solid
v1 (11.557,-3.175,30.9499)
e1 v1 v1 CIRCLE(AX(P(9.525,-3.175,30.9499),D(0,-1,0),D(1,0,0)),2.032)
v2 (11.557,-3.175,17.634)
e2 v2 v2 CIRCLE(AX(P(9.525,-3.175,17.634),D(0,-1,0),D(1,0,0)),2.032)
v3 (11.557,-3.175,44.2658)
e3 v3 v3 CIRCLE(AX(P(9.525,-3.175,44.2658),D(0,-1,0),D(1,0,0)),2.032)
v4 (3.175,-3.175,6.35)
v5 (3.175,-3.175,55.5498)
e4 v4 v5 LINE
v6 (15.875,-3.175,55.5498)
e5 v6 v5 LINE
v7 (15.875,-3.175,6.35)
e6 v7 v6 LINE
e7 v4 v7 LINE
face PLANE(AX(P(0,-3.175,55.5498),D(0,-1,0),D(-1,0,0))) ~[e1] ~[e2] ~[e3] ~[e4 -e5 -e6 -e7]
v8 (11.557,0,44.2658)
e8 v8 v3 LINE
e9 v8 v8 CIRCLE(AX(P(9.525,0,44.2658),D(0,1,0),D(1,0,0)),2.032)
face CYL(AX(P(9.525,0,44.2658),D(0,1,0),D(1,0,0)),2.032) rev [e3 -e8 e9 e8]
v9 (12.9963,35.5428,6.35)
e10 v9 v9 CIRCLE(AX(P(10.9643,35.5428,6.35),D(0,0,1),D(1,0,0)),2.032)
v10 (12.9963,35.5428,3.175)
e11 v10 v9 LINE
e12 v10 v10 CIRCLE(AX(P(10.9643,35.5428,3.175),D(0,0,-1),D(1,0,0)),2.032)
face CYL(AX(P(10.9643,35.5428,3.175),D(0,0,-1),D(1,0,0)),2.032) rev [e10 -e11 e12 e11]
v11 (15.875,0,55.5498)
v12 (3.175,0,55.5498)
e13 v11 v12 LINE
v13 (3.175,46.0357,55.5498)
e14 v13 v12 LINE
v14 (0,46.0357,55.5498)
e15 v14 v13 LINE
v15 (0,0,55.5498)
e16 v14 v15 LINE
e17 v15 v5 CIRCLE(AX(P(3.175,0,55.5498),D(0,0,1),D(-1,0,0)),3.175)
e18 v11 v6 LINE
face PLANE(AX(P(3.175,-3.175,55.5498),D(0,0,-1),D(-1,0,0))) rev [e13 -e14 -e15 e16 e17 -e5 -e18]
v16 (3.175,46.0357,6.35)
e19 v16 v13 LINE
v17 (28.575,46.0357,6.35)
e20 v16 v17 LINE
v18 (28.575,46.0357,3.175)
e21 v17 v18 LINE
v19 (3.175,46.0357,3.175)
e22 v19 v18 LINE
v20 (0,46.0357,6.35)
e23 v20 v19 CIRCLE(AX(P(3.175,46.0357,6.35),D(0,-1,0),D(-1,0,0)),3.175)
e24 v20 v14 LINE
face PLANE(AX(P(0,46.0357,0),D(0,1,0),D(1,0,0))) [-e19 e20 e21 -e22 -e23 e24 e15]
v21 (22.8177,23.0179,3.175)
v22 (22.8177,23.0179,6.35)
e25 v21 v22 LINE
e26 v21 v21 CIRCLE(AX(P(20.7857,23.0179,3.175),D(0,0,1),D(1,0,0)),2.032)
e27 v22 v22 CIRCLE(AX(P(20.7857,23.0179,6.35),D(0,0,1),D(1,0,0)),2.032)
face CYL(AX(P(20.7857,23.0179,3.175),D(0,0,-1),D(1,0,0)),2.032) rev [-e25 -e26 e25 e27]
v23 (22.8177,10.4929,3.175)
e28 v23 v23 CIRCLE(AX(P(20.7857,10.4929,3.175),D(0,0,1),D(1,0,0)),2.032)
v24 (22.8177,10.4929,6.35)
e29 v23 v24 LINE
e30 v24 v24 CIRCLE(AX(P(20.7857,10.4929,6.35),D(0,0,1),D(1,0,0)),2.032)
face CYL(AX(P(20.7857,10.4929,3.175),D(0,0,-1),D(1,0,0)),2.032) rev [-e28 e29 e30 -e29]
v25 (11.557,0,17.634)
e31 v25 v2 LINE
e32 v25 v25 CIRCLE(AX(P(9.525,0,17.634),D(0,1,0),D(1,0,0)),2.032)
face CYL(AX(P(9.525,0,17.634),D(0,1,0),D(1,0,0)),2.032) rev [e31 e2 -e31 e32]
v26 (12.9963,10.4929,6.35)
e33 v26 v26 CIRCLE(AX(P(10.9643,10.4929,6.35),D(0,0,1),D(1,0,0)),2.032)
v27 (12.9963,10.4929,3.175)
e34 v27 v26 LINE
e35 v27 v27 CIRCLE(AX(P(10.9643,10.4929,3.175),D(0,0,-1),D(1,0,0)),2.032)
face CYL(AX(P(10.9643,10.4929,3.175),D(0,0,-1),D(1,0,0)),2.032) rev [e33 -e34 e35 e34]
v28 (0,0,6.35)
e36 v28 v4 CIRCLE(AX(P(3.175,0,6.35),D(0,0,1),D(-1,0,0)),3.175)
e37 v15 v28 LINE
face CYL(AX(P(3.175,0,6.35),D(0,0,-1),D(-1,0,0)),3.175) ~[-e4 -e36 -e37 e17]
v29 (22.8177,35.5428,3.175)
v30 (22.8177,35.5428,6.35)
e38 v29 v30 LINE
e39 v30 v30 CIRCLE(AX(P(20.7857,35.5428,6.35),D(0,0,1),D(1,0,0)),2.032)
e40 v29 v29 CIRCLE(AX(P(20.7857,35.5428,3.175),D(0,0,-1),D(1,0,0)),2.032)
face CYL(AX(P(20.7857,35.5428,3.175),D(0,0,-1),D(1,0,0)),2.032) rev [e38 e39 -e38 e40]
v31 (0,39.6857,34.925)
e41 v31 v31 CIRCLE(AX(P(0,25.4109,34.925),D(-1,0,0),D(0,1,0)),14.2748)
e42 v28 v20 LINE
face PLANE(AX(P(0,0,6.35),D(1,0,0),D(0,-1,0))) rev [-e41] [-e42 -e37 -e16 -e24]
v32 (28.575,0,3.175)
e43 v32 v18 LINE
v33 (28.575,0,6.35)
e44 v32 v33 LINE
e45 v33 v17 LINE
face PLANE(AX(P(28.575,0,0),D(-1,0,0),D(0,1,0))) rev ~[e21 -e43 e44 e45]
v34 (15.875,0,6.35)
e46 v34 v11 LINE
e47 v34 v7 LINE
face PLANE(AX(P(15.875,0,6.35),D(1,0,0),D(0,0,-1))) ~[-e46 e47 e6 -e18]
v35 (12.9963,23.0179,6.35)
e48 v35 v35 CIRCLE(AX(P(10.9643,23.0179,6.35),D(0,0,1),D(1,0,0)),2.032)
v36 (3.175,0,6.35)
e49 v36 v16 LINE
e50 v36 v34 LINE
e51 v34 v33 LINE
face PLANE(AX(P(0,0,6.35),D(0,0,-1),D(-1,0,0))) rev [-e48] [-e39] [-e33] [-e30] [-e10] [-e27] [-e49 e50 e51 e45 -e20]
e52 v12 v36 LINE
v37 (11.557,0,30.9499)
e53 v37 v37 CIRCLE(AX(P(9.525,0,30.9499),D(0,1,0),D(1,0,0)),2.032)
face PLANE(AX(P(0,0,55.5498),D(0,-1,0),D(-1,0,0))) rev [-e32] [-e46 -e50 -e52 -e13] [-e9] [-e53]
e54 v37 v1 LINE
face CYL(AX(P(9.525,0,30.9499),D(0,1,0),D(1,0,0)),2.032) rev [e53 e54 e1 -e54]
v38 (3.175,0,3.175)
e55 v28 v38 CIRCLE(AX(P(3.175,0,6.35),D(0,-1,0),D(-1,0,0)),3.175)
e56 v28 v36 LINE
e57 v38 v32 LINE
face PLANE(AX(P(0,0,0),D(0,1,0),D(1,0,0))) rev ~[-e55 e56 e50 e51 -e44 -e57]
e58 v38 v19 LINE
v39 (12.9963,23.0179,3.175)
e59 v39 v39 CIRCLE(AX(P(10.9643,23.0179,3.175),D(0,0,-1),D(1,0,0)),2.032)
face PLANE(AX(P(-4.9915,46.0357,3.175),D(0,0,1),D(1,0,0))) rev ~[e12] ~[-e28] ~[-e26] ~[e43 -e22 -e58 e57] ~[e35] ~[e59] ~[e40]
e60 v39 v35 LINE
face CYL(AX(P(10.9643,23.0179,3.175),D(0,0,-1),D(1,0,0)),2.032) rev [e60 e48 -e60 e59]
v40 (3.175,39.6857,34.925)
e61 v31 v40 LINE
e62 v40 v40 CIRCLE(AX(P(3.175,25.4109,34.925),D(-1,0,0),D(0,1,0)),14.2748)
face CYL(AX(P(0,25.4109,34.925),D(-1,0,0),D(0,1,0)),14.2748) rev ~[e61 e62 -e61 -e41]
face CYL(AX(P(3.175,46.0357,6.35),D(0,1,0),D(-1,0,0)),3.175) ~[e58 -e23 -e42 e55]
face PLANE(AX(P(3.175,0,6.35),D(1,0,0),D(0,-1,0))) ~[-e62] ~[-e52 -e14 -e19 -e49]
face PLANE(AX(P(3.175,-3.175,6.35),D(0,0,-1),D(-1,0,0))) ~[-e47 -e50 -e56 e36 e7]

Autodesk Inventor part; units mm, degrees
ref_plane "YZ Plane" through (0, 0, 0) normal (1, 0, 0) x (0, 1, 0)
ref_plane "XZ Plane" through (0, 0, 0) normal (0, 1, 0) x (-1, 0, 0)
ref_plane "XY Plane" through (0, 0, 0) normal (0, 0, 1) x (1, 0, 0)
sketch "Sketch1" plane through (0, 0, 0) normal (1, 0, 0) x (0, 1, 0)
  line L0 (0, 0) -> (46.0357, 0)
  line L1 (46.0357, 0) -> (46.0357, -49.1998)
  line L2 (46.0357, -49.1998) -> (0, -49.1998)
  line L3 (0, -49.1998) -> (0, 0)
  circle A0 centre (25.4109, -28.575) radius 14.2748
  point P0 (39.6857, -28.575)
  point P1 (25.4109, -42.8498)
  dimension "d0" = 25.4109
  dimension "d1" = 28.5496
  dimension "d2" = 6.35
  dimension "d3" = 6.35
  dimension "d4" = 28.575
extrude "Extrusion1" add sketch "Sketch1" along normal blind 3.175
sketch "Sketch2" plane through (0, 0, -49.1998) normal (0, -1, 0) x (1, 0, 0)
  line L0 (3.175, 49.1998) -> (3.175, 0) projected
  line L1 (3.175, 49.1998) -> (15.875, 49.1998)
  line L2 (15.875, 49.1998) -> (15.875, 0)
  line L3 (15.875, 0) -> (3.175, 0)
  line L4 (3.175, 0) -> (3.175, 49.1998)
  point P0 (0, 49.1998)
  dimension "d7" = 12.7
extrude "Extrusion2" add sketch "Sketch2" along normal blind 3.175
sketch "Sketch3" plane through (0, 0, 0) normal (0, 0, 1) x (1, 0, 0)
  line L0 (3.175, 0) -> (3.175, 46.0357) projected
  line L1 (3.175, 0) -> (28.575, 0)
  line L2 (28.575, 0) -> (28.575, 49.2107)
  line L3 (28.575, 49.2107) -> (3.175, 49.2107)
  line L4 (3.175, 49.2107) -> (3.175, 0)
  point P0 (0, 0)
  dimension "d10" = 25.4
extrude "Extrusion3" add sketch "Sketch3" along normal blind 3.175
sketch "Sketch4" plane through (3.175, -3.175, 0) normal (0, 0, 1) x (1, 0, 0)
  line L0 (-3.175, 3.175) -> (0, 3.175) projected
  line L1 (0, 3.175) -> (0, 0) projected
  arc A0 (-3.175, 3.175) -> (0, 0) centre (0, 3.175) ccw
extrude "Extrusion4" add sketch "Sketch4" against normal up to surface (49.1998 mm away)
sketch "Sketch6" plane through (0, 0, 3.175) normal (0, 0, 1) x (1, 0, 0)
  line L0 (3.175, 0) -> (28.575, 0) projected
  line L1 (28.575, 0) -> (28.575, 49.2107) projected
  line L2 (28.575, 49.2107) -> (3.175, 49.2107) projected
  circle A0 centre (10.9643, 35.5428) radius 2.032
  circle A1 centre (20.7857, 35.5428) radius 2.032
  line L3 (12.9963, 35.5428) -> (18.7537, 35.5428)
  line L4 (8.9323, 35.5428) -> (3.175, 35.5428)
  line L5 (22.8177, 35.5428) -> (28.575, 35.5428)
  circle A2 centre (10.9643, 23.0179) radius 2.032
  circle A3 centre (10.9643, 10.4929) radius 2.032
  line L6 (28.575, 49.2107) -> (3.175, 49.2107) projected
  line L7 (10.9643, 25.0499) -> (10.9643, 33.5108)
  line L8 (10.9643, 12.5249) -> (10.9643, 20.9859)
  line L9 (10.9643, 8.4609) -> (10.9643, 0)
  circle A4 centre (20.7857, 23.0179) radius 2.032
  circle A5 centre (20.7857, 10.4929) radius 2.032
  line L10 (3.175, 49.2107) -> (3.175, 0) projected
  line L11 (3.175, 46.0357) -> (28.575, 46.0357)
  line L12 (10.9643, 37.5748) -> (10.9643, 46.0357)
  point P0 (0, 0)
  dimension "d17" = 4.064
  dimension "d20" = 4.064
  dimension "d23" = 4.064
  dimension "d24" = 4.064
  dimension "d25" = 4.064
  dimension "d26" = 4.064
  dimension "d34" = 3.175
extrude "Extrusion6" cut sketch "Sketch6" against normal blind 3.175 contours A3 | A0 | A1 | A2 | A4 | A5
sketch "Sketch7" plane through (0, 0, -49.1998) normal (0, 1, 0) x (1, 0, 0)
  line L0 (3.175, -49.1998) -> (15.875, -49.1998) projected
  line L1 (15.875, -49.1998) -> (15.875, 0) construction
  line L2 (15.875, 0) -> (3.175, 0) projected
  line L3 (3.175, -49.1998) -> (3.175, 0) projected
  circle A0 centre (9.525, -11.284) radius 2.032
  circle A1 centre (9.525, -24.5999) radius 2.032
  circle A2 centre (9.525, -37.9158) radius 2.032
  line L4 (9.525, -9.2519) -> (9.525, 0)
  line L5 (9.525, -13.3159) -> (9.525, -22.5679) construction
  line L6 (9.525, -26.6319) -> (9.525, -35.8838)
  line L7 (9.525, -39.9478) -> (9.525, -49.1998)
  line L8 (28.575, -49.1998) -> (3.175, -49.1998) projected
  point P0 (0, -49.1998)
  dimension "d29" = 4.064
  dimension "d30" = 4.064
  dimension "d31" = 4.064
extrude "Extrusion7" cut sketch "Sketch7" against normal blind 3.175
sketch "Sketch8" plane through (0, 0, 3.175) normal (0, 0, 1) x (1, 0, 0)
  line L0 (3.175, 49.2107) -> (3.175, 46.0357) projected
  line L1 (28.575, 49.2107) -> (3.175, 49.2107) projected
  line L2 (3.175, 46.0357) -> (28.575, 46.0357)
  line L3 (28.575, 46.0357) -> (28.575, 49.2107)
  line L4 (28.575, 49.2107) -> (3.175, 49.2107)
  line L5 (3.175, 49.2107) -> (3.175, 46.0357)
  point P0 (0, 0)
extrude "Extrusion8" cut sketch "Sketch8" against normal blind 25.4
sketch "Sketch9" plane through (0, 46.0357, 0) normal (0, 1, 0) x (1, 0, 0)
  line L0 (0, 0) -> (3.175, 0) projected
  line L1 (3.175, -3.175) -> (3.175, 0) projected
  arc A0 (0, 0) -> (3.175, -3.175) centre (3.175, 0) ccw
extrude "Extrusion9" add sketch "Sketch9" against normal up to surface (46.0357 mm away)
mirror "Mirror1" about plane through (15.875, 24.6054, 3.175) normal (0, 0, 1)
sketch "Sketch10" plane through (0, 46.0357, -49.1998) normal (0, 1, 0) x (1, 0, 0)
  line L0 (-4.9915, -52.3748) -> (39.2874, -52.3748)
  line L1 (39.2874, -52.3748) -> (39.2874, 13.8222)
  line L2 (39.2874, 13.8222) -> (-4.9915, 13.8222)
  line L3 (-4.9915, 13.8222) -> (-4.9915, -52.3748)
  point P0 (0, -49.1998)
extrude "Extrusion10" cut sketch "Sketch10" against normal blind 53.975
properties part number "Robot to Bottomish Plate to Pivot Hex Axle OTHER SIDE"
